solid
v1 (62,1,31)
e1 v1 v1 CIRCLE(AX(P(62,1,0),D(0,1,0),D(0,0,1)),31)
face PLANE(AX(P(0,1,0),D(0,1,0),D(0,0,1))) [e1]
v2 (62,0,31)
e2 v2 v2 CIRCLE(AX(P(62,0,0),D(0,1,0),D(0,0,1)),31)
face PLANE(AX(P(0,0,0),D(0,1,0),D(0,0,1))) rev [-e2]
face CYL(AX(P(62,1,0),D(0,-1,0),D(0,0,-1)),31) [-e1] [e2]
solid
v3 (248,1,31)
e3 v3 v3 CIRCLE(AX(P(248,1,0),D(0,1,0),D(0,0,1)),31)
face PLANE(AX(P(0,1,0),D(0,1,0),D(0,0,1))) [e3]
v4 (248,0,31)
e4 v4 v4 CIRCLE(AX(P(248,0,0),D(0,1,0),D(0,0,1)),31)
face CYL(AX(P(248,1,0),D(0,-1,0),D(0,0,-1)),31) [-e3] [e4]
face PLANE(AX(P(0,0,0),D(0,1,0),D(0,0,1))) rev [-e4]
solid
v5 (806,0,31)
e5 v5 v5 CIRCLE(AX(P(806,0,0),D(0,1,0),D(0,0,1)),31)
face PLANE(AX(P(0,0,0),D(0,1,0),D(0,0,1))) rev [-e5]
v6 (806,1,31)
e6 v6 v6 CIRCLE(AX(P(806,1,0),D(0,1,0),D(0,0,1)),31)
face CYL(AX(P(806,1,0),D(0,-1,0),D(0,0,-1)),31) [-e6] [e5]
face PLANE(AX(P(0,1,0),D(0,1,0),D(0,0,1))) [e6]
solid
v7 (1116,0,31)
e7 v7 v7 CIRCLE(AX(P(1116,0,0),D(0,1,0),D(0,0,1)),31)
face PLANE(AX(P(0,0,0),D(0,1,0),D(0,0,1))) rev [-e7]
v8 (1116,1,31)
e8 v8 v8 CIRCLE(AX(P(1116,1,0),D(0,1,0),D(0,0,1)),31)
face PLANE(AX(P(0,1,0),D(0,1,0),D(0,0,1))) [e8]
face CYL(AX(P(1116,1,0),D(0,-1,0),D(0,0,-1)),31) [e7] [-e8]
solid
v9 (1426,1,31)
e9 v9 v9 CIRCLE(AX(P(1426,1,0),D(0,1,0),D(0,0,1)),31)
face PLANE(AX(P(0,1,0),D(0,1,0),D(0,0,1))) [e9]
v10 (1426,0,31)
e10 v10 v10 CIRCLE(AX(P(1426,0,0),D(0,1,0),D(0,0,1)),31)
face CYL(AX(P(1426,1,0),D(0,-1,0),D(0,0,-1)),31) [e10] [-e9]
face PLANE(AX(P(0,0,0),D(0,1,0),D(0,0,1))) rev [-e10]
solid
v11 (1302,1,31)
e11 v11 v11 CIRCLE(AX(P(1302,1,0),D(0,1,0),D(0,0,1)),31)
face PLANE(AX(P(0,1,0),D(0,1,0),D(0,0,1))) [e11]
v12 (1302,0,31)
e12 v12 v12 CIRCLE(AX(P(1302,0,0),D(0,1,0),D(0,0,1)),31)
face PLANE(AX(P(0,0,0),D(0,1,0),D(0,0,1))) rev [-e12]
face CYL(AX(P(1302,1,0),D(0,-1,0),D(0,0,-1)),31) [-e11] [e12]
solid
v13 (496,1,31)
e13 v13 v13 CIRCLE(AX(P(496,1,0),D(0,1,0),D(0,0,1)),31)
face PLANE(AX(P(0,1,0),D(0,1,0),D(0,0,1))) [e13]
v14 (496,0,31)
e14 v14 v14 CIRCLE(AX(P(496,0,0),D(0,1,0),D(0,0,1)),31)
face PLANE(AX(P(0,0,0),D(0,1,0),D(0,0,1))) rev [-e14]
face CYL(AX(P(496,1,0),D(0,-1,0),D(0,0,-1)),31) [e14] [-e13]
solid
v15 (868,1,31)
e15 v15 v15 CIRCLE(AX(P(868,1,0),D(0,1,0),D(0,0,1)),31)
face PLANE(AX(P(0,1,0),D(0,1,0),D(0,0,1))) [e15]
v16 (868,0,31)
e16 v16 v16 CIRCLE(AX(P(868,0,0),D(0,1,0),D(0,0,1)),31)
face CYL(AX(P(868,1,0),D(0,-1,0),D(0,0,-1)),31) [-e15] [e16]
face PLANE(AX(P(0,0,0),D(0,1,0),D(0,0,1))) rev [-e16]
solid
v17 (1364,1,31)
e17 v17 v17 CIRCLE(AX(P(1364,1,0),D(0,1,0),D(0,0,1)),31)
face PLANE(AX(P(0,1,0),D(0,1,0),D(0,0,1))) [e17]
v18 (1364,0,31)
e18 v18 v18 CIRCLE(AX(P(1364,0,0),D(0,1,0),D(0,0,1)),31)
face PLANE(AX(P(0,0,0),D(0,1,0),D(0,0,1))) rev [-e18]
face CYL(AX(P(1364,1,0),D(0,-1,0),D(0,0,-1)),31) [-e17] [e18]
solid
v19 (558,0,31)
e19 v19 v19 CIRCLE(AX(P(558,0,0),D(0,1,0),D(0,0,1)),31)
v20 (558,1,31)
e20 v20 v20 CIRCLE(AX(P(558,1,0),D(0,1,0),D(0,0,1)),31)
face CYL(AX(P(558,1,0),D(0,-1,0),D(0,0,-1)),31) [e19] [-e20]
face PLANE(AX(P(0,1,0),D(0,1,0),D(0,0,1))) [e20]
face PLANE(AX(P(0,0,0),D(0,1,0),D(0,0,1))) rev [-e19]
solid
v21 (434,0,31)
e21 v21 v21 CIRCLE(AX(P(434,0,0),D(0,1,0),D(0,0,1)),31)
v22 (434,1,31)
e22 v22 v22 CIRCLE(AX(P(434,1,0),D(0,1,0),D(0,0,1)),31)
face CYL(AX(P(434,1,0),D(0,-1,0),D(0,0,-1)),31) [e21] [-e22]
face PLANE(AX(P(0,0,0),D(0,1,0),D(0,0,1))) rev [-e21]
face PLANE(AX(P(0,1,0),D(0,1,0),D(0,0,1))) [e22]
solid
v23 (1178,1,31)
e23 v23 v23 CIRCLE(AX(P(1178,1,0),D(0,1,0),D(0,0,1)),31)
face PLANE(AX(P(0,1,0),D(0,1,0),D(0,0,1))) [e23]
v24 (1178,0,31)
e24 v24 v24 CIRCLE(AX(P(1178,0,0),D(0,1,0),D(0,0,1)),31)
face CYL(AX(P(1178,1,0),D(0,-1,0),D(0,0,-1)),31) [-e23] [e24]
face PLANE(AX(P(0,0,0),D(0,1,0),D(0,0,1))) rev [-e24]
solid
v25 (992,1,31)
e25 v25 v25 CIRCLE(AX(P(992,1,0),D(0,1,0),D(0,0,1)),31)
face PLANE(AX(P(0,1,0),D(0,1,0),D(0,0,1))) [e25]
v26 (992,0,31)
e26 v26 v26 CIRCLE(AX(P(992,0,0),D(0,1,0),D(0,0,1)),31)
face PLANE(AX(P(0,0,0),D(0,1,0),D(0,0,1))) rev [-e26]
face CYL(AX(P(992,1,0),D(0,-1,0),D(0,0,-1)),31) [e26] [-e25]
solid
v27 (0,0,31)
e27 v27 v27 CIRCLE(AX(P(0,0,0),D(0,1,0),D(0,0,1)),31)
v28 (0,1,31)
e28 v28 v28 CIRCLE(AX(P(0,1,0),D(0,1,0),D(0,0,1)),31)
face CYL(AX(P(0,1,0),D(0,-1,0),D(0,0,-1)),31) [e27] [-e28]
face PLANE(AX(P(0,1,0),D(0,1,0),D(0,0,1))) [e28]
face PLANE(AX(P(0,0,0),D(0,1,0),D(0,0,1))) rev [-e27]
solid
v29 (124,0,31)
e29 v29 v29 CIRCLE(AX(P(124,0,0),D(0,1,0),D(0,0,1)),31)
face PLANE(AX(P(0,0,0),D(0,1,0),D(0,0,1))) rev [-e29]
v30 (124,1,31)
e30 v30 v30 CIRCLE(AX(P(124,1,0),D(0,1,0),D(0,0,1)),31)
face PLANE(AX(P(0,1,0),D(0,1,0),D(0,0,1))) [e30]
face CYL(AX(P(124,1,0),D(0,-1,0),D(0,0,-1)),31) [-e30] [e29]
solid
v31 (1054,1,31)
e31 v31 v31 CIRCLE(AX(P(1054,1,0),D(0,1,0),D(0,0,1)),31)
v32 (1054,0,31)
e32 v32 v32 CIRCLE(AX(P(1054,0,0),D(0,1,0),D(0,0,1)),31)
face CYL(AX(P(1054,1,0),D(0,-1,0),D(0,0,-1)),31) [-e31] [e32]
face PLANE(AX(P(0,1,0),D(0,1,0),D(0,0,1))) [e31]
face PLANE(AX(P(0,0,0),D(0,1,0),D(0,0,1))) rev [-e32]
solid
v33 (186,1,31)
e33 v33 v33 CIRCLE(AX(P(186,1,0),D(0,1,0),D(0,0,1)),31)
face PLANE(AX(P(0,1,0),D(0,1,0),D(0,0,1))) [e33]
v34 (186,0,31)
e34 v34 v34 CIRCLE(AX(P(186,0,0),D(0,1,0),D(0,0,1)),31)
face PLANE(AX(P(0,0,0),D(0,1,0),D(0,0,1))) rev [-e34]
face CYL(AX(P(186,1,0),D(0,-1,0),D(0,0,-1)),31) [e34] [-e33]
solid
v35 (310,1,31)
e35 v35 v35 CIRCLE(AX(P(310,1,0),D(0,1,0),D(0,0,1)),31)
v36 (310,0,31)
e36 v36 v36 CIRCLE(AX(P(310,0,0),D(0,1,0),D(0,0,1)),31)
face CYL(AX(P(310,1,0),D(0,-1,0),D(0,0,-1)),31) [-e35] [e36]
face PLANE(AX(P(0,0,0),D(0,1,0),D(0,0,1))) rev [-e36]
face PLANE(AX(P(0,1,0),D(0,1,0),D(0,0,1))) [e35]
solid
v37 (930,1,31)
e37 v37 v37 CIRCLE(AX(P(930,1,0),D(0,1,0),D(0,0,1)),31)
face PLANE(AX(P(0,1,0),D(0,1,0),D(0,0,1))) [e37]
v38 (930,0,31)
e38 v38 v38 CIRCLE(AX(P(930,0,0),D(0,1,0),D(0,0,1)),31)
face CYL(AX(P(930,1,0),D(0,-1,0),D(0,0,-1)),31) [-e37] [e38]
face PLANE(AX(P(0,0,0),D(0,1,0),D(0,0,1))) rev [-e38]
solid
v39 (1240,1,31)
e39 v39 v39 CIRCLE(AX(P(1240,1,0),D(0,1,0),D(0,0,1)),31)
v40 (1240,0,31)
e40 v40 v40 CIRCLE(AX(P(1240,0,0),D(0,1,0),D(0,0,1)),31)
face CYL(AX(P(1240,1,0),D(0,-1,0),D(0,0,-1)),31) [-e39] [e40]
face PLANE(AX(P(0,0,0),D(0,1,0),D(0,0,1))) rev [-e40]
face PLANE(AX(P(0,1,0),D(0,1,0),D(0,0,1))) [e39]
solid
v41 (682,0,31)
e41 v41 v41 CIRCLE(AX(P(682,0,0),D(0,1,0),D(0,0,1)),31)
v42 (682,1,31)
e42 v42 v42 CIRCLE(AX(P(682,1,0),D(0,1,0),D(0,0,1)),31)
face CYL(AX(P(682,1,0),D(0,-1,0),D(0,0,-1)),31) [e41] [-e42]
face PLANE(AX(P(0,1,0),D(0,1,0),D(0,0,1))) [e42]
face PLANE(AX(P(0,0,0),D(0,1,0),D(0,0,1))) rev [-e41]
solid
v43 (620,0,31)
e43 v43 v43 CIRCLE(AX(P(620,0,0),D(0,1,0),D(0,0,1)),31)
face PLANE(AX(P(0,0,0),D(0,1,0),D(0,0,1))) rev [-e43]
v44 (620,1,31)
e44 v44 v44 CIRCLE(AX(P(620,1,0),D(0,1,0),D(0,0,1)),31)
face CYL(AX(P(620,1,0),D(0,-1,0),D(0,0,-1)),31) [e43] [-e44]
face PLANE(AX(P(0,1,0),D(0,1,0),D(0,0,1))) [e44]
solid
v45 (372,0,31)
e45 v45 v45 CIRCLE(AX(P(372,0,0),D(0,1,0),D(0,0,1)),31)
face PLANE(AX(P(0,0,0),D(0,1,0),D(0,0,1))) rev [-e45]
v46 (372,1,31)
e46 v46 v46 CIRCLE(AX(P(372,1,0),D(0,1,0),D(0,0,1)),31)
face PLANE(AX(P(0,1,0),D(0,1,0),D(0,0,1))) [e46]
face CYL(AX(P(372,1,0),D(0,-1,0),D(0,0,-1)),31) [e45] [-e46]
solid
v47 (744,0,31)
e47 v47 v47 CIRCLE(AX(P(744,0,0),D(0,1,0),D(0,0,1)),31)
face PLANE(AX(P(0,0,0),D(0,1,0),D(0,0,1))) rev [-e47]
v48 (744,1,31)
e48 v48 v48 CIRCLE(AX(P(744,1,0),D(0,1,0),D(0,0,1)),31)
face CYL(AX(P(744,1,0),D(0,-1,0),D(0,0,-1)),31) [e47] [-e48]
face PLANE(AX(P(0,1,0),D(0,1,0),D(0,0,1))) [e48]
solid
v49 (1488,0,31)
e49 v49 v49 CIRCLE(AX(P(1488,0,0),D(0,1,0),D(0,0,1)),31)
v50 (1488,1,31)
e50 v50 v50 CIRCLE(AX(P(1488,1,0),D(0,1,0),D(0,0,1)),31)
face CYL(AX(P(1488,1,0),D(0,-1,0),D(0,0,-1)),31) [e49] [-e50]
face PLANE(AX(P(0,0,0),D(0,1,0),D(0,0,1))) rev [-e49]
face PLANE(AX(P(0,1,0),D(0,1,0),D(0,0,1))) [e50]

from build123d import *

# Parameters (mm, degrees)
SKETCH1_R              = 31
BOSS_EXTRUDE1_DEPTH    = 1
BOSS_EXTRUDE1_2_DEPTH  = 1
BOSS_EXTRUDE1_3_DEPTH  = 1
BOSS_EXTRUDE1_4_DEPTH  = 1
BOSS_EXTRUDE1_5_DEPTH  = 1
BOSS_EXTRUDE1_6_DEPTH  = 1
BOSS_EXTRUDE1_7_DEPTH  = 1
BOSS_EXTRUDE1_8_DEPTH  = 1
BOSS_EXTRUDE1_9_DEPTH  = 1
BOSS_EXTRUDE1_10_DEPTH = 1
BOSS_EXTRUDE1_11_DEPTH = 1
BOSS_EXTRUDE1_12_DEPTH = 1
BOSS_EXTRUDE1_13_DEPTH = 1
BOSS_EXTRUDE1_14_DEPTH = 1
BOSS_EXTRUDE1_15_DEPTH = 1
BOSS_EXTRUDE1_16_DEPTH = 1
BOSS_EXTRUDE1_17_DEPTH = 1
BOSS_EXTRUDE1_18_DEPTH = 1
BOSS_EXTRUDE1_19_DEPTH = 1
BOSS_EXTRUDE1_20_DEPTH = 1
BOSS_EXTRUDE1_21_DEPTH = 1
BOSS_EXTRUDE1_22_DEPTH = 1
BOSS_EXTRUDE1_23_DEPTH = 1
BOSS_EXTRUDE1_24_DEPTH = 1
BOSS_EXTRUDE1_25_DEPTH = 1


with BuildPart() as part:
    # Sketch1 → Boss-Extrude1 (new body)
    with BuildSketch(Plane(origin=(0, 0, 0), x_dir=(1, 0, 0), z_dir=(0, 1, 0))):
        with Locations(Location((0, 0, 0), (0, 0, 270))):
            Circle(SKETCH1_R)
    extrude(amount=BOSS_EXTRUDE1_DEPTH)


with BuildPart() as body_2:
    # Sketch1 → Boss-Extrude1 2 (new body)
    with BuildSketch(Plane(origin=(0, 0, 0), x_dir=(1, 0, 0), z_dir=(0, 1, 0))):
        with Locations(Location((62, 0, 0), (0, 0, 270))):
            Circle(SKETCH1_R)
    extrude(amount=BOSS_EXTRUDE1_2_DEPTH)


with BuildPart() as body_3:
    # Sketch1 → Boss-Extrude1 3 (new body)
    with BuildSketch(Plane(origin=(0, 0, 0), x_dir=(1, 0, 0), z_dir=(0, 1, 0))):
        with Locations(Location((124, 0, 0), (0, 0, 270))):
            Circle(SKETCH1_R)
    extrude(amount=BOSS_EXTRUDE1_3_DEPTH)


with BuildPart() as body_4:
    # Sketch1 → Boss-Extrude1 4 (new body)
    with BuildSketch(Plane(origin=(0, 0, 0), x_dir=(1, 0, 0), z_dir=(0, 1, 0))):
        with Locations(Location((186, 0, 0), (0, 0, 270))):
            Circle(SKETCH1_R)
    extrude(amount=BOSS_EXTRUDE1_4_DEPTH)


with BuildPart() as body_5:
    # Sketch1 → Boss-Extrude1 5 (new body)
    with BuildSketch(Plane(origin=(0, 0, 0), x_dir=(1, 0, 0), z_dir=(0, 1, 0))):
        with Locations(Location((248, 0, 0), (0, 0, 270))):
            Circle(SKETCH1_R)
    extrude(amount=BOSS_EXTRUDE1_5_DEPTH)


with BuildPart() as body_6:
    # Sketch1 → Boss-Extrude1 6 (new body)
    with BuildSketch(Plane(origin=(0, 0, 0), x_dir=(1, 0, 0), z_dir=(0, 1, 0))):
        with Locations(Location((310, 0, 0), (0, 0, 270))):
            Circle(SKETCH1_R)
    extrude(amount=BOSS_EXTRUDE1_6_DEPTH)


with BuildPart() as body_7:
    # Sketch1 → Boss-Extrude1 7 (new body)
    with BuildSketch(Plane(origin=(0, 0, 0), x_dir=(1, 0, 0), z_dir=(0, 1, 0))):
        with Locations(Location((372, 0, 0), (0, 0, 270))):
            Circle(SKETCH1_R)
    extrude(amount=BOSS_EXTRUDE1_7_DEPTH)


with BuildPart() as body_8:
    # Sketch1 → Boss-Extrude1 8 (new body)
    with BuildSketch(Plane(origin=(0, 0, 0), x_dir=(1, 0, 0), z_dir=(0, 1, 0))):
        with Locations(Location((434, 0, 0), (0, 0, 270))):
            Circle(SKETCH1_R)
    extrude(amount=BOSS_EXTRUDE1_8_DEPTH)


with BuildPart() as body_9:
    # Sketch1 → Boss-Extrude1 9 (new body)
    with BuildSketch(Plane(origin=(0, 0, 0), x_dir=(1, 0, 0), z_dir=(0, 1, 0))):
        with Locations(Location((496, 0, 0), (0, 0, 270))):
            Circle(SKETCH1_R)
    extrude(amount=BOSS_EXTRUDE1_9_DEPTH)


with BuildPart() as body_10:
    # Sketch1 → Boss-Extrude1 10 (new body)
    with BuildSketch(Plane(origin=(0, 0, 0), x_dir=(1, 0, 0), z_dir=(0, 1, 0))):
        with Locations(Location((558, 0, 0), (0, 0, 270))):
            Circle(SKETCH1_R)
    extrude(amount=BOSS_EXTRUDE1_10_DEPTH)


with BuildPart() as body_11:
    # Sketch1 → Boss-Extrude1 11 (new body)
    with BuildSketch(Plane(origin=(0, 0, 0), x_dir=(1, 0, 0), z_dir=(0, 1, 0))):
        with Locations(Location((620, 0, 0), (0, 0, 270))):
            Circle(SKETCH1_R)
    extrude(amount=BOSS_EXTRUDE1_11_DEPTH)


with BuildPart() as body_12:
    # Sketch1 → Boss-Extrude1 12 (new body)
    with BuildSketch(Plane(origin=(0, 0, 0), x_dir=(1, 0, 0), z_dir=(0, 1, 0))):
        with Locations(Location((682, 0, 0), (0, 0, 270))):
            Circle(SKETCH1_R)
    extrude(amount=BOSS_EXTRUDE1_12_DEPTH)


with BuildPart() as body_13:
    # Sketch1 → Boss-Extrude1 13 (new body)
    with BuildSketch(Plane(origin=(0, 0, 0), x_dir=(1, 0, 0), z_dir=(0, 1, 0))):
        with Locations(Location((744, 0, 0), (0, 0, 270))):
            Circle(SKETCH1_R)
    extrude(amount=BOSS_EXTRUDE1_13_DEPTH)


with BuildPart() as body_14:
    # Sketch1 → Boss-Extrude1 14 (new body)
    with BuildSketch(Plane(origin=(0, 0, 0), x_dir=(1, 0, 0), z_dir=(0, 1, 0))):
        with Locations(Location((806, 0, 0), (0, 0, 270))):
            Circle(SKETCH1_R)
    extrude(amount=BOSS_EXTRUDE1_14_DEPTH)


with BuildPart() as body_15:
    # Sketch1 → Boss-Extrude1 15 (new body)
    with BuildSketch(Plane(origin=(0, 0, 0), x_dir=(1, 0, 0), z_dir=(0, 1, 0))):
        with Locations(Location((868, 0, 0), (0, 0, 270))):
            Circle(SKETCH1_R)
    extrude(amount=BOSS_EXTRUDE1_15_DEPTH)


with BuildPart() as body_16:
    # Sketch1 → Boss-Extrude1 16 (new body)
    with BuildSketch(Plane(origin=(0, 0, 0), x_dir=(1, 0, 0), z_dir=(0, 1, 0))):
        with Locations(Location((930, 0, 0), (0, 0, 270))):
            Circle(SKETCH1_R)
    extrude(amount=BOSS_EXTRUDE1_16_DEPTH)


with BuildPart() as body_17:
    # Sketch1 → Boss-Extrude1 17 (new body)
    with BuildSketch(Plane(origin=(0, 0, 0), x_dir=(1, 0, 0), z_dir=(0, 1, 0))):
        with Locations(Location((992, 0, 0), (0, 0, 270))):
            Circle(SKETCH1_R)
    extrude(amount=BOSS_EXTRUDE1_17_DEPTH)


with BuildPart() as body_18:
    # Sketch1 → Boss-Extrude1 18 (new body)
    with BuildSketch(Plane(origin=(0, 0, 0), x_dir=(1, 0, 0), z_dir=(0, 1, 0))):
        with Locations(Location((1054, 0, 0), (0, 0, 270))):
            Circle(SKETCH1_R)
    extrude(amount=BOSS_EXTRUDE1_18_DEPTH)


with BuildPart() as body_19:
    # Sketch1 → Boss-Extrude1 19 (new body)
    with BuildSketch(Plane(origin=(0, 0, 0), x_dir=(1, 0, 0), z_dir=(0, 1, 0))):
        with Locations(Location((1116, 0, 0), (0, 0, 270))):
            Circle(SKETCH1_R)
    extrude(amount=BOSS_EXTRUDE1_19_DEPTH)


with BuildPart() as body_20:
    # Sketch1 → Boss-Extrude1 20 (new body)
    with BuildSketch(Plane(origin=(0, 0, 0), x_dir=(1, 0, 0), z_dir=(0, 1, 0))):
        with Locations(Location((1178, 0, 0), (0, 0, 270))):
            Circle(SKETCH1_R)
    extrude(amount=BOSS_EXTRUDE1_20_DEPTH)


with BuildPart() as body_21:
    # Sketch1 → Boss-Extrude1 21 (new body)
    with BuildSketch(Plane(origin=(0, 0, 0), x_dir=(1, 0, 0), z_dir=(0, 1, 0))):
        with Locations(Location((1240, 0, 0), (0, 0, 270))):
            Circle(SKETCH1_R)
    extrude(amount=BOSS_EXTRUDE1_21_DEPTH)


with BuildPart() as body_22:
    # Sketch1 → Boss-Extrude1 22 (new body)
    with BuildSketch(Plane(origin=(0, 0, 0), x_dir=(1, 0, 0), z_dir=(0, 1, 0))):
        with Locations(Location((1302, 0, 0), (0, 0, 270))):
            Circle(SKETCH1_R)
    extrude(amount=BOSS_EXTRUDE1_22_DEPTH)


with BuildPart() as body_23:
    # Sketch1 → Boss-Extrude1 23 (new body)
    with BuildSketch(Plane(origin=(0, 0, 0), x_dir=(1, 0, 0), z_dir=(0, 1, 0))):
        with Locations(Location((1364, 0, 0), (0, 0, 270))):
            Circle(SKETCH1_R)
    extrude(amount=BOSS_EXTRUDE1_23_DEPTH)


with BuildPart() as body_24:
    # Sketch1 → Boss-Extrude1 24 (new body)
    with BuildSketch(Plane(origin=(0, 0, 0), x_dir=(1, 0, 0), z_dir=(0, 1, 0))):
        with Locations(Location((1426, 0, 0), (0, 0, 270))):
            Circle(SKETCH1_R)
    extrude(amount=BOSS_EXTRUDE1_24_DEPTH)


with BuildPart() as body_25:
    # Sketch1 → Boss-Extrude1 25 (new body)
    with BuildSketch(Plane(origin=(0, 0, 0), x_dir=(1, 0, 0), z_dir=(0, 1, 0))):
        with Locations(Location((1488, 0, 0), (0, 0, 270))):
            Circle(SKETCH1_R)
    extrude(amount=BOSS_EXTRUDE1_25_DEPTH)


solid = Compound([part.part, body_2.part, body_3.part, body_4.part, body_5.part, body_6.part, body_7.part, body_8.part, body_9.part, body_10.part, body_11.part, body_12.part, body_13.part, body_14.part, body_15.part, body_16.part, body_17.part, body_18.part, body_19.part, body_20.part, body_21.part, body_22.part, body_23.part, body_24.part, body_25.part])
